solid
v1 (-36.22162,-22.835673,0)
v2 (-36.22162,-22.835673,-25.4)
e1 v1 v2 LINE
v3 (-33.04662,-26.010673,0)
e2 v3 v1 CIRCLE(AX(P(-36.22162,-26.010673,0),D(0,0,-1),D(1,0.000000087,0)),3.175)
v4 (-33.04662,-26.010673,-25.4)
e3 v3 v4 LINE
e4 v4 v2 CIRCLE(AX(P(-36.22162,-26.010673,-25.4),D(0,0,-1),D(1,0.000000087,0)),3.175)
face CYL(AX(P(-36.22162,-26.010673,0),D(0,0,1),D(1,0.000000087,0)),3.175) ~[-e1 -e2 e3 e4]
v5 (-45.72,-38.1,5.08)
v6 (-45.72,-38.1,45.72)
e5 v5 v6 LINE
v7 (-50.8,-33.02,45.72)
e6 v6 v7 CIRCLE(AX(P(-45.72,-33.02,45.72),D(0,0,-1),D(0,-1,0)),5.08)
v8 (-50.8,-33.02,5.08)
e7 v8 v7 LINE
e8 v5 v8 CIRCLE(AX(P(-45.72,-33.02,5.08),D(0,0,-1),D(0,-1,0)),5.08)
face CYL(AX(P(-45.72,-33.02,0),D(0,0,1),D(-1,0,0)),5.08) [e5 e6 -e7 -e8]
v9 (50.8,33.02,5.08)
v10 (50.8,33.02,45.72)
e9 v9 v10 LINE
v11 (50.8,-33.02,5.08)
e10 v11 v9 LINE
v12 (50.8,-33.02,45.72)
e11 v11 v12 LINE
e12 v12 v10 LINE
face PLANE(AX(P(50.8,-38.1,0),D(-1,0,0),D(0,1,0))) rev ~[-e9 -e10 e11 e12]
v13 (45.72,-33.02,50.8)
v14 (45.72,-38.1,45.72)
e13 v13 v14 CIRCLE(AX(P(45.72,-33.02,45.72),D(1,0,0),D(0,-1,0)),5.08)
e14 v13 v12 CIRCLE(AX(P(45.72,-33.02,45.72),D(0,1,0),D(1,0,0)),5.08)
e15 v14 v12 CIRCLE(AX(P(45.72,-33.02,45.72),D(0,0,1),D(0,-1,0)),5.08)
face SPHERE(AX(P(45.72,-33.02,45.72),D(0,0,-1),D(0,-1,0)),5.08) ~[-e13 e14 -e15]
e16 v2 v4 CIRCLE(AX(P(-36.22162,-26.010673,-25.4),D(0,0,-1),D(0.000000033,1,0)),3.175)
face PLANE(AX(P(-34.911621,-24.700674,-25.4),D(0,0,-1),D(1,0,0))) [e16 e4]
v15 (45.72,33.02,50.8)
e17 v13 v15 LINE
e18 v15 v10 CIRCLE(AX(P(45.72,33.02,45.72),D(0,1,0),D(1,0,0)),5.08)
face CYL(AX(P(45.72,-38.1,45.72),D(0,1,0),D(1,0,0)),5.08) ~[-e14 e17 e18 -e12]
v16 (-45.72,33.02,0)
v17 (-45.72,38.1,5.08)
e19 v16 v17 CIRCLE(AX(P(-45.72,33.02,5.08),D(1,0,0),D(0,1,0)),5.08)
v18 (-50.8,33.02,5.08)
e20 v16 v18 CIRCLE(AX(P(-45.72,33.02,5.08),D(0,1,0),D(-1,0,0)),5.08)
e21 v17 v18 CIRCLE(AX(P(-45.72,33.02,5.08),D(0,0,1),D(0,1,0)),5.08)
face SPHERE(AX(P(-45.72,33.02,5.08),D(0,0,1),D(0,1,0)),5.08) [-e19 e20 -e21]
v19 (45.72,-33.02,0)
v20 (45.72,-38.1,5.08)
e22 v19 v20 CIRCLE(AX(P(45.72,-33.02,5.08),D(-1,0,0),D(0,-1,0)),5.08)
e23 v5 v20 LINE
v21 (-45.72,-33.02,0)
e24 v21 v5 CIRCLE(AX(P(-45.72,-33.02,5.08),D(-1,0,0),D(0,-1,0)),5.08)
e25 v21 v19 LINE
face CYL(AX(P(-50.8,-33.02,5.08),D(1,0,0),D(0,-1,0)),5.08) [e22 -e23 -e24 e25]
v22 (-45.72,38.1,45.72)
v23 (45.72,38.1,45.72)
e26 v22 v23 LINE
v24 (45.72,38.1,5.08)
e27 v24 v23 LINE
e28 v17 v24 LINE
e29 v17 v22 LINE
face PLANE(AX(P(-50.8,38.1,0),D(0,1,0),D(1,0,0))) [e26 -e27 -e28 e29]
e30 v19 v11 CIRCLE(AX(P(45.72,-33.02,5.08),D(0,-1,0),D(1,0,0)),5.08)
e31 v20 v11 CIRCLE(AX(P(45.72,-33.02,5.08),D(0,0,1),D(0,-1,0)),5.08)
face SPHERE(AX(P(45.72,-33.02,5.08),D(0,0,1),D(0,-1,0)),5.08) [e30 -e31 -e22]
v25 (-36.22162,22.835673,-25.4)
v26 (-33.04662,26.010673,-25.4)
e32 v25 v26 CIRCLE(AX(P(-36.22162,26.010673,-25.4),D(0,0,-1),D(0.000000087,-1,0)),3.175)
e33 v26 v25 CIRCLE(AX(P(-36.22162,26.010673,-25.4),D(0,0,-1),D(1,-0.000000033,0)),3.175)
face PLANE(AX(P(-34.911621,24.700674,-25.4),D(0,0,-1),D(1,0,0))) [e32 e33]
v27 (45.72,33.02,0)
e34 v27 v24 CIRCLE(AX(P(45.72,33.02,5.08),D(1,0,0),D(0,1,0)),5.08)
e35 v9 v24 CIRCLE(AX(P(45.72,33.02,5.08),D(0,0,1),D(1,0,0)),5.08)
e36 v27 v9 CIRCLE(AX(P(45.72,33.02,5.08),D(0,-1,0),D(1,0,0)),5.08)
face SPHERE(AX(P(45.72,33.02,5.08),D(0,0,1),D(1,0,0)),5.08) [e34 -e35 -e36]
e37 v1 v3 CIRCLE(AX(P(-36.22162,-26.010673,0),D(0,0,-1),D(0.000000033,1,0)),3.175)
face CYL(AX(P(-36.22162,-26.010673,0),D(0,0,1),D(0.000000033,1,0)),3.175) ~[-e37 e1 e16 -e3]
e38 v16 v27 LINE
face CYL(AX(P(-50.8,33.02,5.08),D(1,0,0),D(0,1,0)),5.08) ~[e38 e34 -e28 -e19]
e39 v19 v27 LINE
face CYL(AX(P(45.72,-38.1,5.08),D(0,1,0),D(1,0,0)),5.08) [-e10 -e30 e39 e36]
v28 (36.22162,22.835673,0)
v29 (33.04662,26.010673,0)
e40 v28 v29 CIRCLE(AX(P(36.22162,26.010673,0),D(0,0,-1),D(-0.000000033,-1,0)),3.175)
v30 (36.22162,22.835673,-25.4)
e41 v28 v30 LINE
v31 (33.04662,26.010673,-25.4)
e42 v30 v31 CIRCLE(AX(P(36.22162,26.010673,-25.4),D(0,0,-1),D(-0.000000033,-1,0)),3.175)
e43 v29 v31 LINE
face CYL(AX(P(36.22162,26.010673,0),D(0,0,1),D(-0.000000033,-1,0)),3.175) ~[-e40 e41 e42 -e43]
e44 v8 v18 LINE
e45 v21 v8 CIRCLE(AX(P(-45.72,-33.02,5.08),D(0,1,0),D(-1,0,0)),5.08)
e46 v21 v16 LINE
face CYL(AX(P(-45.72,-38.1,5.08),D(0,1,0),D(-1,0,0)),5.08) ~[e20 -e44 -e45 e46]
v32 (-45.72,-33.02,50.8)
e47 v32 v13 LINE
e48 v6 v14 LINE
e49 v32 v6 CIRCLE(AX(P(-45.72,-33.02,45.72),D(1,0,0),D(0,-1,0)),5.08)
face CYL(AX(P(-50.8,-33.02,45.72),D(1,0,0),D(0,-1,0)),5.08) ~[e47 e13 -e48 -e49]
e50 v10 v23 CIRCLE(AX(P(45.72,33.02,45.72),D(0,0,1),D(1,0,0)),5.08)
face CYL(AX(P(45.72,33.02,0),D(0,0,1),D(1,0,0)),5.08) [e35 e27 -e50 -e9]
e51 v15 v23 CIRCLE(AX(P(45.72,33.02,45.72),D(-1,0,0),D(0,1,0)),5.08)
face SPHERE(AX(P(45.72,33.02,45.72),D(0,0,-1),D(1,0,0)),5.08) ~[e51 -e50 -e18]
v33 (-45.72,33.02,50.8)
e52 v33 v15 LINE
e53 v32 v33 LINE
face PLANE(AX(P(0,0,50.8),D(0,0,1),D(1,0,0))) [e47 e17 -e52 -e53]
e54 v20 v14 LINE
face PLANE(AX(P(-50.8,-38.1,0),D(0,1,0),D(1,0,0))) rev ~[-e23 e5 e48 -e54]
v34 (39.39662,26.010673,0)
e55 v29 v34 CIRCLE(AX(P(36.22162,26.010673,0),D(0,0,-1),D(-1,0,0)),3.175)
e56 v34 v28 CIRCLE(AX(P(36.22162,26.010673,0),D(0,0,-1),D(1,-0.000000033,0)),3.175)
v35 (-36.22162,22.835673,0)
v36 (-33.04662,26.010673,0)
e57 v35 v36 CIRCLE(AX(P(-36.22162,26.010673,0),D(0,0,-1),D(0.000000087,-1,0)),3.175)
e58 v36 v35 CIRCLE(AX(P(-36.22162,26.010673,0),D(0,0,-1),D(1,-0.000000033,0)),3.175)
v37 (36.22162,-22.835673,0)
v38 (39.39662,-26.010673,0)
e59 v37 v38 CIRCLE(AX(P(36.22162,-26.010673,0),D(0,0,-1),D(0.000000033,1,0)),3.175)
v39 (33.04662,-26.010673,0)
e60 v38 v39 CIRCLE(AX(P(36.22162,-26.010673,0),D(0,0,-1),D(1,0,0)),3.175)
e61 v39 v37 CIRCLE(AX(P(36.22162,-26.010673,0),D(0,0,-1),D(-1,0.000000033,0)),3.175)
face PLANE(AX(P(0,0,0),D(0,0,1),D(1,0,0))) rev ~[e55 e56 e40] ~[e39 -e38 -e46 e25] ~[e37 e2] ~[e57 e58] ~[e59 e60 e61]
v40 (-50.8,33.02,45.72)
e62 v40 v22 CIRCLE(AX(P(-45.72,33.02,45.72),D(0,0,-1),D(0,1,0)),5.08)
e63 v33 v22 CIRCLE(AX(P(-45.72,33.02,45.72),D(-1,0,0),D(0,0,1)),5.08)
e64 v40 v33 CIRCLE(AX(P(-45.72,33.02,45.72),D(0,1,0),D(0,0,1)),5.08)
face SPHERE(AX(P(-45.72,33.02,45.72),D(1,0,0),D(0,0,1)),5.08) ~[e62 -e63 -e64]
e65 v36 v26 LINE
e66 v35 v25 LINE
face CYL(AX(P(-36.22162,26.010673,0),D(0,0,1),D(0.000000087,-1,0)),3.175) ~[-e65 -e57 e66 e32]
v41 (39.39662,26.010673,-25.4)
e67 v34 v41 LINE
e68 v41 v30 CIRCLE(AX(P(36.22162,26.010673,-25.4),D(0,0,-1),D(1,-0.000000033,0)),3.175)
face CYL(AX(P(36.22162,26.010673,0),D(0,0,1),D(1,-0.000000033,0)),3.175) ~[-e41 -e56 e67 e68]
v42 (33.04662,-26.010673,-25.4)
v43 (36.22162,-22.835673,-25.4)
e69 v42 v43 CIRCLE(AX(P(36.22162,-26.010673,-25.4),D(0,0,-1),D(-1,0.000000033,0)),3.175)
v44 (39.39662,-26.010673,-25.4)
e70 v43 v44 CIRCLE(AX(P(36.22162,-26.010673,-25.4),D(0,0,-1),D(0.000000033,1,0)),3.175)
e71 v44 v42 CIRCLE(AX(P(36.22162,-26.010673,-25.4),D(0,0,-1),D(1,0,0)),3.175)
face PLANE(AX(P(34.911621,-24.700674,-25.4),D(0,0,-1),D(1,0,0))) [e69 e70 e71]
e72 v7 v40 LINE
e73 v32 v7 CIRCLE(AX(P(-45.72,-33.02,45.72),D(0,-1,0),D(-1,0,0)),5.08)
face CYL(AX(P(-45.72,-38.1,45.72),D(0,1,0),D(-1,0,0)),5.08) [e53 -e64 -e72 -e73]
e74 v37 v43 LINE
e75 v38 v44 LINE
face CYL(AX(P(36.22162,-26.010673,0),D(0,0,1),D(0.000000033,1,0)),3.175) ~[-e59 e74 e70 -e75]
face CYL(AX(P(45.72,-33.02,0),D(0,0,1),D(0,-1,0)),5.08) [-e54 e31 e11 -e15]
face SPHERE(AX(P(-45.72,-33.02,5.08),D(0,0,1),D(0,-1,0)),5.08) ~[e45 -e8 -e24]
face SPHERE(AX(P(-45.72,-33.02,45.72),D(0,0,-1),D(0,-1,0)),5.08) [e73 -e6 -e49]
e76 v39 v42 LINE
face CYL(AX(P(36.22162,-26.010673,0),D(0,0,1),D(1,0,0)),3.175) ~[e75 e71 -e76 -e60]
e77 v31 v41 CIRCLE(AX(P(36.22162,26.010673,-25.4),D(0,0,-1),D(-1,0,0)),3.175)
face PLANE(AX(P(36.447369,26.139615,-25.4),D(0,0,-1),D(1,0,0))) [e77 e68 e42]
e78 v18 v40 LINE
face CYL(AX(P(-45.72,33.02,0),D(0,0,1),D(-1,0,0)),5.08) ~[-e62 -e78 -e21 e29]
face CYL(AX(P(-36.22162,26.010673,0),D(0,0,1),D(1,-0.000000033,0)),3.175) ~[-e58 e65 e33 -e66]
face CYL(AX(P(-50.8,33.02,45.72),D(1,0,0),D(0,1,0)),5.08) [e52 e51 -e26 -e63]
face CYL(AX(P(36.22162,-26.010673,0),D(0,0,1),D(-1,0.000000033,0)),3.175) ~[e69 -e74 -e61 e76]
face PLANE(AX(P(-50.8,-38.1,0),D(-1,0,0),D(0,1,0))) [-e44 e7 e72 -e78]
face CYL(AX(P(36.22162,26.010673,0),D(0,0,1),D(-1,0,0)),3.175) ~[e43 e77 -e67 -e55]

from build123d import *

# Parameters (mm, degrees)
F0_W     = 101.6
F0_H     = 76.2
F1_DEPTH = 50.8
F2_R     = 5.08
F4_DEPTH = 25.4


with BuildPart() as f1:
    # F0 (on Top) → F1 (new body)
    with BuildSketch(Plane.XY):
        Rectangle(F0_W, F0_H)
    extrude(amount=F1_DEPTH)

    # F2
    f2_edges = [f1.edges().sort_by_distance(p)[0] for p in [
        (-50.8, -38.1, 25.4),
        (50.8, -38.1, 25.4),
        (0, -38.1, 0),
        (0, -38.1, 50.8),
        (50.8, 38.1, 25.4),
        (50.8, 0, 0),
        (50.8, 0, 50.8),
        (0, 38.1, 50.8),
        (-50.8, 0, 50.8),
        (-50.8, 38.1, 25.4),
        (0, 38.1, 0),
        (-50.8, 0, 0),
    ]]
    fillet(f2_edges, radius=F2_R)

    # F3 (on face) → F4 (join)
    with BuildSketch(Plane(origin=(0, 0, 0), x_dir=(1, 0, 0), z_dir=(0, 0, -1))):
        with BuildLine():
            Line((36.22162, -26.010673), (33.04662, -26.010673))
            ThreePointArc((33.04662, -26.010673), (36.22162, -29.185673), (39.39662, -26.010673))
            ThreePointArc((39.39662, -26.010673), (38.466684, -23.765609), (36.22162, -22.835673))
            Line((36.22162, -22.835673), (36.22162, -26.010673))
        make_face()
        with BuildLine():
            ThreePointArc((36.22162, -22.835673), (33.976556, -23.765609), (33.04662, -26.010673))
            Line((33.04662, -26.010673), (36.22162, -26.010673))
            Line((36.22162, -26.010673), (36.22162, -22.835673))
        make_face()
        with BuildLine():
            ThreePointArc((33.04662, 26.010673), (33.976556, 23.765609), (36.22162, 22.835673))
            Line((36.22162, 22.835673), (36.22162, 26.010673))
            Line((36.22162, 26.010673), (33.04662, 26.010673))
        make_face()
        with BuildLine():
            Line((36.22162, 26.010673), (36.22162, 22.835673))
            ThreePointArc((36.22162, 22.835673), (38.466684, 23.765609), (39.39662, 26.010673))
            ThreePointArc((39.39662, 26.010673), (36.22162, 29.185673), (33.04662, 26.010673))
            Line((33.04662, 26.010673), (36.22162, 26.010673))
        make_face()
        with BuildLine():
            Line((-36.22162, 26.010673), (-36.22162, 22.835673))
            ThreePointArc((-36.22162, 22.835673), (-33.976556, 23.765609), (-33.04662, 26.010673))
            Line((-33.04662, 26.010673), (-36.22162, 26.010673))
        make_face()
        with BuildLine():
            ThreePointArc((-33.04662, 26.010673), (-38.466684, 28.255738), (-36.22162, 22.835673))
            Line((-36.22162, 22.835673), (-36.22162, 26.010673))
            Line((-36.22162, 26.010673), (-33.04662, 26.010673))
        make_face()
        with BuildLine():
            Line((-36.22162, -26.010673), (-33.04662, -26.010673))
            ThreePointArc((-33.04662, -26.010673), (-33.976556, -23.765609), (-36.22162, -22.835673))
            Line((-36.22162, -22.835673), (-36.22162, -26.010673))
        make_face()
        with BuildLine():
            ThreePointArc((-36.22162, -22.835673), (-38.466684, -28.255738), (-33.04662, -26.010673))
            Line((-33.04662, -26.010673), (-36.22162, -26.010673))
            Line((-36.22162, -26.010673), (-36.22162, -22.835673))
        make_face()
    extrude(amount=F4_DEPTH)


solid = f1.part
